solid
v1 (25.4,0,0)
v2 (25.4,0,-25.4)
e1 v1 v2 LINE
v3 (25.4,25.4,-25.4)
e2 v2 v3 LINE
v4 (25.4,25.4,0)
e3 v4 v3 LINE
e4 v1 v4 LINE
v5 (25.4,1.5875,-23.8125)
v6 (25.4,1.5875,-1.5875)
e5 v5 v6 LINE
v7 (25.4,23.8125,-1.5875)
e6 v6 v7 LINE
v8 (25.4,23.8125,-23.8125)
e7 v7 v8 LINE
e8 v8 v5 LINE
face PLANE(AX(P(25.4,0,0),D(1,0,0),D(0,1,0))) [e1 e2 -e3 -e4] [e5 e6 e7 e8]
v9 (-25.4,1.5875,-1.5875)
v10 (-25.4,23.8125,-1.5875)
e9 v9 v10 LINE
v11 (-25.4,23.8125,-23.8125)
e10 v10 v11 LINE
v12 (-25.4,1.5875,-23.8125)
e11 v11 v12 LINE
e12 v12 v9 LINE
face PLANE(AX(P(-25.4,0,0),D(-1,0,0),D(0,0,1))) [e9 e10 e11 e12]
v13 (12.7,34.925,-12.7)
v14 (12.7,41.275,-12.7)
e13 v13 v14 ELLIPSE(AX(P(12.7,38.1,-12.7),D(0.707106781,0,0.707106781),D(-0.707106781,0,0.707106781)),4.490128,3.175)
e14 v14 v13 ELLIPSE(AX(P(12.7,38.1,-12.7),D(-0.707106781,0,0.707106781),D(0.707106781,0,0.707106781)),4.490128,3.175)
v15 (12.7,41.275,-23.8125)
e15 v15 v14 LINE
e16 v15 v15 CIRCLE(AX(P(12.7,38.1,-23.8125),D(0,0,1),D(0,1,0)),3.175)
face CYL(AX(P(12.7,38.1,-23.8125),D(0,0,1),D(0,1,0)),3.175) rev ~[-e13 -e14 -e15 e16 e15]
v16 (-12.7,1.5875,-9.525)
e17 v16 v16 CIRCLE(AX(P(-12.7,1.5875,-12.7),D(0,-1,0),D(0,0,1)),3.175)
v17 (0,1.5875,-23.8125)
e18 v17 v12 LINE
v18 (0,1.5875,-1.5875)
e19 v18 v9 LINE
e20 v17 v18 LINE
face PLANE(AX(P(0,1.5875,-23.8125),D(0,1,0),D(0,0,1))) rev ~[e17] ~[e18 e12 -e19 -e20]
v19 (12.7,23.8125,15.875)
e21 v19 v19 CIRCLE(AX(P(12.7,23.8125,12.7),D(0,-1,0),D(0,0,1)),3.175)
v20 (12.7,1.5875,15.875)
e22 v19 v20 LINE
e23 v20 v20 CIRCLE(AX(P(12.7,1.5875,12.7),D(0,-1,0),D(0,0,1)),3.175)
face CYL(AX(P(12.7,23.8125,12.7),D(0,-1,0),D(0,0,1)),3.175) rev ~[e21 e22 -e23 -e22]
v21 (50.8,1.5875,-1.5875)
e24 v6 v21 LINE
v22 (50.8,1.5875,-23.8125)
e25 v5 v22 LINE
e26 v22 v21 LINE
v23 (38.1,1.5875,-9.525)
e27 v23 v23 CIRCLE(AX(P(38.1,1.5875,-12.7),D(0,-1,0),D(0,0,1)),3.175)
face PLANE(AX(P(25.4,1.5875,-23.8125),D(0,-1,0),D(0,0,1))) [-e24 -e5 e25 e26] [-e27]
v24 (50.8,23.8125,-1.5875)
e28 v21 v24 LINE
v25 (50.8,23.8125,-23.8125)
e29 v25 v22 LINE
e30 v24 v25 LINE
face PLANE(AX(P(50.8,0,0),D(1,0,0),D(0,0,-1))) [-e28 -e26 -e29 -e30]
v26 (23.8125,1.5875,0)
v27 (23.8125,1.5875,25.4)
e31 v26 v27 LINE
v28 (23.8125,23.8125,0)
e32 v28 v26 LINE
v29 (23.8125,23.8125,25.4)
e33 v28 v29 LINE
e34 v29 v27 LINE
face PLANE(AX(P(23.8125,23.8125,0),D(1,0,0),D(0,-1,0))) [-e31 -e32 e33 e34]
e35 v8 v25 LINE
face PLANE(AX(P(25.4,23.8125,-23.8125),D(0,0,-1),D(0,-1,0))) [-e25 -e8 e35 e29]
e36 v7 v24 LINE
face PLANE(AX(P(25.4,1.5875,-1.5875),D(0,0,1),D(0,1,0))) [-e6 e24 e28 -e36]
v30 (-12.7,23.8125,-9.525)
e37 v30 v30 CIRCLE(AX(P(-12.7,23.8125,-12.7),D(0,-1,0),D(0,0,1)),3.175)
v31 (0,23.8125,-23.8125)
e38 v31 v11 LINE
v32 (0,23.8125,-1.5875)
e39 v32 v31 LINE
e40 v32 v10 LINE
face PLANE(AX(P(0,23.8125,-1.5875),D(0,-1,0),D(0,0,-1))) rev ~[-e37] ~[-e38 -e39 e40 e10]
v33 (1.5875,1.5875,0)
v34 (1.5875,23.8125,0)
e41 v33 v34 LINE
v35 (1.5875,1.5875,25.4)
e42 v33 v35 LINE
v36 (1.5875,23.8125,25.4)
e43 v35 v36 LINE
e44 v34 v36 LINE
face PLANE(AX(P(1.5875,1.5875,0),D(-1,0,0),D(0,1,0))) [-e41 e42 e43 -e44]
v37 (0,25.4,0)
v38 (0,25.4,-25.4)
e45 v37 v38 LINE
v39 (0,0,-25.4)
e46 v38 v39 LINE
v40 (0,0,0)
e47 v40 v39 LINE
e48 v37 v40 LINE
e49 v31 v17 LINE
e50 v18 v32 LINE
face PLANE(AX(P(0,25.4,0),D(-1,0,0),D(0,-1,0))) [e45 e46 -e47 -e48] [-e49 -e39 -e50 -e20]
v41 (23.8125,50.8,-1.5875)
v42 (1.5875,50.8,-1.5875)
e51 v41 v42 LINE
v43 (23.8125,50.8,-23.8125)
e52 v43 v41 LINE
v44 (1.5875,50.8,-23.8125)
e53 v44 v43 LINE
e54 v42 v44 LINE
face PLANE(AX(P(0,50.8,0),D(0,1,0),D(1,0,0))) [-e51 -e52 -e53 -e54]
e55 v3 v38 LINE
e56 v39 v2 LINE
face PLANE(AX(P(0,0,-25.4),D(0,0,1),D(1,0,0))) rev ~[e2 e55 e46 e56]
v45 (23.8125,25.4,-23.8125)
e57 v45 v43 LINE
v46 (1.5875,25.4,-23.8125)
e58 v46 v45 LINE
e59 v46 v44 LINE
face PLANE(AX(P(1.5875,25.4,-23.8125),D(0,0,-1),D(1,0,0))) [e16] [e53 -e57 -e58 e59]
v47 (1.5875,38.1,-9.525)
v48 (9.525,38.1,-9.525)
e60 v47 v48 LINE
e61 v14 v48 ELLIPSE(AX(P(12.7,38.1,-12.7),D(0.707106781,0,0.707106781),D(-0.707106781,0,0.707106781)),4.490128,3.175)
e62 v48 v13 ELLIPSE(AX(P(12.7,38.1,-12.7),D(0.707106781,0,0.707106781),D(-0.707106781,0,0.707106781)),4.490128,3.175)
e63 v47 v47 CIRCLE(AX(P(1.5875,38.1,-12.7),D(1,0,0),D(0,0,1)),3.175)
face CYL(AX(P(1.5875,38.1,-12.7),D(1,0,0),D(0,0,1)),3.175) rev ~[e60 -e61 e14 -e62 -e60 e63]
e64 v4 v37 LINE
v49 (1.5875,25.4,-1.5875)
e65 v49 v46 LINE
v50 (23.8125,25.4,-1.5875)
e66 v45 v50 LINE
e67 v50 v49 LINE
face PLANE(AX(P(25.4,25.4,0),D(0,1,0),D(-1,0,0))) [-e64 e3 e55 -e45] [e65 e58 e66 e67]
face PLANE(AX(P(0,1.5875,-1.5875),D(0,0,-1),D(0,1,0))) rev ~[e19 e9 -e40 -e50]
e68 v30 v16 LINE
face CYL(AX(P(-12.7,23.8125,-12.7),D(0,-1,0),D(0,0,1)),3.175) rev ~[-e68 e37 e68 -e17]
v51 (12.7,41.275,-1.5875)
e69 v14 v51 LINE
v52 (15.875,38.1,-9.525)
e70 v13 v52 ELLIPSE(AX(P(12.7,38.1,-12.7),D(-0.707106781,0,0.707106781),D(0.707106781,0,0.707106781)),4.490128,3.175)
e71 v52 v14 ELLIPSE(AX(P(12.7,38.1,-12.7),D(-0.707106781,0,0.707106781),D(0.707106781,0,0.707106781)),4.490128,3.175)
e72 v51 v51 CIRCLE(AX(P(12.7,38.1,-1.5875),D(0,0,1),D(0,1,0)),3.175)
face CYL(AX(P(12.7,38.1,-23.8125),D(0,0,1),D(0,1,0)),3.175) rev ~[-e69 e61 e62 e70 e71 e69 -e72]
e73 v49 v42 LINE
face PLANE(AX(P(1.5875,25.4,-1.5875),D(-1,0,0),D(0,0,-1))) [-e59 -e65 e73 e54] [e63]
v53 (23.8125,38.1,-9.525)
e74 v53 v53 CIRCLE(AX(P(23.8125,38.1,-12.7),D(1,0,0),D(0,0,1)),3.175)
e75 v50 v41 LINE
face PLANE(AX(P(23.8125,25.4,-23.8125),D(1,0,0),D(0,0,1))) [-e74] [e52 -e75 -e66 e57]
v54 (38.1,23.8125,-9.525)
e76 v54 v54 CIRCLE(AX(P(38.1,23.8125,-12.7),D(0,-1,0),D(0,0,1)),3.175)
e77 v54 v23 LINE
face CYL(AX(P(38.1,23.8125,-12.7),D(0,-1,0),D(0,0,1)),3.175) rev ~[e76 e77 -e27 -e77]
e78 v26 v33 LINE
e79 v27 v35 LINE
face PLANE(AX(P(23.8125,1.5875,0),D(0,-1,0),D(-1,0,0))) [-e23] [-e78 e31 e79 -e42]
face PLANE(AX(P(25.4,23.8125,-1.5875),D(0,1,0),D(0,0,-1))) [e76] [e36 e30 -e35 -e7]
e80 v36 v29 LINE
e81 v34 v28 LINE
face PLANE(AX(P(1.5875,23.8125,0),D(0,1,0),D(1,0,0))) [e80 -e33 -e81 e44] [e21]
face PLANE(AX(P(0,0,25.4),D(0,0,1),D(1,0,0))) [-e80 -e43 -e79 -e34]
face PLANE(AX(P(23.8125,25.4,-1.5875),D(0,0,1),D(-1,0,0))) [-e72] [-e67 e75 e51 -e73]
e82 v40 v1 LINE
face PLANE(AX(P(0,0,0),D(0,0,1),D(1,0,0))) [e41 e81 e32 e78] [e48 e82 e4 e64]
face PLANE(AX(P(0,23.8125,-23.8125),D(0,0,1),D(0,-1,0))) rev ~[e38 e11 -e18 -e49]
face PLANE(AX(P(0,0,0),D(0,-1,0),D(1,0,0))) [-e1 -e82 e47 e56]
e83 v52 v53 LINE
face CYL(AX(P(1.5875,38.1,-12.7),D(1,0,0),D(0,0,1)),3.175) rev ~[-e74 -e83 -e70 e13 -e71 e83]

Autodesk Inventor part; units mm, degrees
ref_plane "YZ Plane" through (0, 0, 0) normal (1, 0, 0) x (0, 1, 0)
ref_plane "XZ Plane" through (0, 0, 0) normal (0, 1, 0) x (-1, 0, 0)
ref_plane "XY Plane" through (0, 0, 0) normal (0, 0, 1) x (1, 0, 0)
sketch "Sketch1" plane through (0, 0, 0) normal (0, 0, 1) x (1, 0, 0)
  line L0 (0, 0) -> (25.4, 0)
  line L1 (25.4, 0) -> (25.4, 25.4)
  line L2 (25.4, 25.4) -> (0, 25.4)
  line L3 (0, 25.4) -> (0, 0)
  line L4 (1.5875, 23.8125) -> (23.8125, 23.8125)
  line L5 (23.8125, 23.8125) -> (23.8125, 1.5875)
  line L6 (23.8125, 1.5875) -> (1.5875, 1.5875)
  line L7 (1.5875, 1.5875) -> (1.5875, 23.8125)
  dimension "d0" = 25.4
  dimension "d1" = 25.4
  dimension "d4" = 1.5875
extrude "Extrusion1" add sketch "Sketch1" against normal blind 25.4 contours L3 L2 L1 L0 | L4 L5 L6 L7
extrude "Extrusion2" add sketch "Sketch1" along normal blind 25.4 contours L4 L5 L6 L7
sketch "Sketch2" plane through (25.4, 0, 0) normal (1, 0, 0) x (0, 0, -1)
  line L0 (25.4, 0) -> (25.4, 25.4) projected
  line L1 (0, 25.4) -> (25.4, 25.4) projected
  line L2 (0, 0) -> (0, 25.4) projected
  line L3 (0, 0) -> (25.4, 0) projected
  line L4 (23.8125, 23.8125) -> (23.8125, 1.5875)
  line L5 (23.8125, 1.5875) -> (1.5875, 1.5875)
  line L6 (1.5875, 1.5875) -> (1.5875, 23.8125)
  line L7 (1.5875, 23.8125) -> (23.8125, 23.8125)
  dimension "d8" = 1.5875
sketch "Sketch3" plane through (0, 25.4, 0) normal (0, 1, 0) x (1, 0, 0)
  line L0 (25.4, 25.4) -> (0, 25.4) projected
  line L1 (0, 0) -> (0, 25.4) projected
  line L2 (25.4, 0) -> (0, 0) projected
  line L3 (25.4, 0) -> (25.4, 25.4) projected
  line L4 (1.5875, 23.8125) -> (23.8125, 23.8125)
  line L5 (23.8125, 23.8125) -> (23.8125, 1.5875)
  line L6 (23.8125, 1.5875) -> (1.5875, 1.5875)
  line L7 (1.5875, 1.5875) -> (1.5875, 23.8125)
  dimension "d9" = 1.5875
extrude "Extrusion3" add sketch "Sketch2" along normal blind 25.4 contours L4 L5 L6 L7
extrude "Extrusion4" add sketch "Sketch3" along normal blind 25.4 contours L4 L5 L6 L7
sketch "Sketch4" plane through (0, 0, 0) normal (-1, 0, 0) x (0, 0, 1)
  line L0 (-25.4, 25.4) -> (-25.4, 0) projected
  line L1 (0, 0) -> (-25.4, 0) projected
  line L2 (0, 25.4) -> (0, 0) projected
  line L3 (0, 25.4) -> (-25.4, 25.4) projected
  line L4 (-23.8125, 23.8125) -> (-23.8125, 1.5875)
  line L5 (-23.8125, 1.5875) -> (-1.5875, 1.5875)
  line L6 (-1.5875, 1.5875) -> (-1.5875, 23.8125)
  line L7 (-1.5875, 23.8125) -> (-23.8125, 23.8125)
  dimension "d15" = 1.5875
extrude "Extrusion5" add sketch "Sketch4" along normal blind 25.4 contours L7 L6 L5 L4
sketch "Sketch6" plane through (0, 23.8125, -1.5875) normal (0, 1, 0) x (1, 0, 0)
  line L0 (-25.4, 22.225) -> (-25.4, 0) projected
  line L1 (0, 22.225) -> (0, 0) projected
  line L2 (0, 22.225) -> (-25.4, 22.225) projected
  line L3 (25.4, -1.5875) -> (0, -1.5875) projected
  line L4 (0, 0) -> (-25.4, 0) projected
  point P0 (-12.7, 11.1125)
  point P1 (12.7, -14.2875)
  point P2 (38.1, 11.1125)
  dimension "d21" = 12.7
  dimension "d22" = 50.8
  dimension "d23" = 11.1125
  dimension "d24" = 12.7
  dimension "d25" = 12.7
hole "Hole1" at (-12.7, 23.8125, -12.7) at (12.7, 23.8125, 12.7) at (38.1, 23.8125, -12.7) direction (0, -1, 0) diameter 6.35 depth 25.4 tip angle 118
sketch "Sketch7" plane through (23.8125, 25.4, -23.8125) normal (0, 0, -1) x (-1, 0, 0)
  point P0 (23.8125, -25.4)
  point P1 (11.1125, 12.7)
hole "Hole2" at (12.7, 38.1, -23.8125) direction (0, 0, 1) diameter 6.35 depth 25.4 tip angle 118
sketch "Sketch8" plane through (1.5875, 25.4, -23.8125) normal (-1, 0, 0) x (0, 0, 1)
  point P0 (23.8125, -25.4)
  point P1 (11.1125, 12.7)
hole "Hole3" at (1.5875, 38.1, -12.7) direction (1, 0, 0) diameter 6.35 depth 25.4 tip angle 118
properties part number "4-way corner"
